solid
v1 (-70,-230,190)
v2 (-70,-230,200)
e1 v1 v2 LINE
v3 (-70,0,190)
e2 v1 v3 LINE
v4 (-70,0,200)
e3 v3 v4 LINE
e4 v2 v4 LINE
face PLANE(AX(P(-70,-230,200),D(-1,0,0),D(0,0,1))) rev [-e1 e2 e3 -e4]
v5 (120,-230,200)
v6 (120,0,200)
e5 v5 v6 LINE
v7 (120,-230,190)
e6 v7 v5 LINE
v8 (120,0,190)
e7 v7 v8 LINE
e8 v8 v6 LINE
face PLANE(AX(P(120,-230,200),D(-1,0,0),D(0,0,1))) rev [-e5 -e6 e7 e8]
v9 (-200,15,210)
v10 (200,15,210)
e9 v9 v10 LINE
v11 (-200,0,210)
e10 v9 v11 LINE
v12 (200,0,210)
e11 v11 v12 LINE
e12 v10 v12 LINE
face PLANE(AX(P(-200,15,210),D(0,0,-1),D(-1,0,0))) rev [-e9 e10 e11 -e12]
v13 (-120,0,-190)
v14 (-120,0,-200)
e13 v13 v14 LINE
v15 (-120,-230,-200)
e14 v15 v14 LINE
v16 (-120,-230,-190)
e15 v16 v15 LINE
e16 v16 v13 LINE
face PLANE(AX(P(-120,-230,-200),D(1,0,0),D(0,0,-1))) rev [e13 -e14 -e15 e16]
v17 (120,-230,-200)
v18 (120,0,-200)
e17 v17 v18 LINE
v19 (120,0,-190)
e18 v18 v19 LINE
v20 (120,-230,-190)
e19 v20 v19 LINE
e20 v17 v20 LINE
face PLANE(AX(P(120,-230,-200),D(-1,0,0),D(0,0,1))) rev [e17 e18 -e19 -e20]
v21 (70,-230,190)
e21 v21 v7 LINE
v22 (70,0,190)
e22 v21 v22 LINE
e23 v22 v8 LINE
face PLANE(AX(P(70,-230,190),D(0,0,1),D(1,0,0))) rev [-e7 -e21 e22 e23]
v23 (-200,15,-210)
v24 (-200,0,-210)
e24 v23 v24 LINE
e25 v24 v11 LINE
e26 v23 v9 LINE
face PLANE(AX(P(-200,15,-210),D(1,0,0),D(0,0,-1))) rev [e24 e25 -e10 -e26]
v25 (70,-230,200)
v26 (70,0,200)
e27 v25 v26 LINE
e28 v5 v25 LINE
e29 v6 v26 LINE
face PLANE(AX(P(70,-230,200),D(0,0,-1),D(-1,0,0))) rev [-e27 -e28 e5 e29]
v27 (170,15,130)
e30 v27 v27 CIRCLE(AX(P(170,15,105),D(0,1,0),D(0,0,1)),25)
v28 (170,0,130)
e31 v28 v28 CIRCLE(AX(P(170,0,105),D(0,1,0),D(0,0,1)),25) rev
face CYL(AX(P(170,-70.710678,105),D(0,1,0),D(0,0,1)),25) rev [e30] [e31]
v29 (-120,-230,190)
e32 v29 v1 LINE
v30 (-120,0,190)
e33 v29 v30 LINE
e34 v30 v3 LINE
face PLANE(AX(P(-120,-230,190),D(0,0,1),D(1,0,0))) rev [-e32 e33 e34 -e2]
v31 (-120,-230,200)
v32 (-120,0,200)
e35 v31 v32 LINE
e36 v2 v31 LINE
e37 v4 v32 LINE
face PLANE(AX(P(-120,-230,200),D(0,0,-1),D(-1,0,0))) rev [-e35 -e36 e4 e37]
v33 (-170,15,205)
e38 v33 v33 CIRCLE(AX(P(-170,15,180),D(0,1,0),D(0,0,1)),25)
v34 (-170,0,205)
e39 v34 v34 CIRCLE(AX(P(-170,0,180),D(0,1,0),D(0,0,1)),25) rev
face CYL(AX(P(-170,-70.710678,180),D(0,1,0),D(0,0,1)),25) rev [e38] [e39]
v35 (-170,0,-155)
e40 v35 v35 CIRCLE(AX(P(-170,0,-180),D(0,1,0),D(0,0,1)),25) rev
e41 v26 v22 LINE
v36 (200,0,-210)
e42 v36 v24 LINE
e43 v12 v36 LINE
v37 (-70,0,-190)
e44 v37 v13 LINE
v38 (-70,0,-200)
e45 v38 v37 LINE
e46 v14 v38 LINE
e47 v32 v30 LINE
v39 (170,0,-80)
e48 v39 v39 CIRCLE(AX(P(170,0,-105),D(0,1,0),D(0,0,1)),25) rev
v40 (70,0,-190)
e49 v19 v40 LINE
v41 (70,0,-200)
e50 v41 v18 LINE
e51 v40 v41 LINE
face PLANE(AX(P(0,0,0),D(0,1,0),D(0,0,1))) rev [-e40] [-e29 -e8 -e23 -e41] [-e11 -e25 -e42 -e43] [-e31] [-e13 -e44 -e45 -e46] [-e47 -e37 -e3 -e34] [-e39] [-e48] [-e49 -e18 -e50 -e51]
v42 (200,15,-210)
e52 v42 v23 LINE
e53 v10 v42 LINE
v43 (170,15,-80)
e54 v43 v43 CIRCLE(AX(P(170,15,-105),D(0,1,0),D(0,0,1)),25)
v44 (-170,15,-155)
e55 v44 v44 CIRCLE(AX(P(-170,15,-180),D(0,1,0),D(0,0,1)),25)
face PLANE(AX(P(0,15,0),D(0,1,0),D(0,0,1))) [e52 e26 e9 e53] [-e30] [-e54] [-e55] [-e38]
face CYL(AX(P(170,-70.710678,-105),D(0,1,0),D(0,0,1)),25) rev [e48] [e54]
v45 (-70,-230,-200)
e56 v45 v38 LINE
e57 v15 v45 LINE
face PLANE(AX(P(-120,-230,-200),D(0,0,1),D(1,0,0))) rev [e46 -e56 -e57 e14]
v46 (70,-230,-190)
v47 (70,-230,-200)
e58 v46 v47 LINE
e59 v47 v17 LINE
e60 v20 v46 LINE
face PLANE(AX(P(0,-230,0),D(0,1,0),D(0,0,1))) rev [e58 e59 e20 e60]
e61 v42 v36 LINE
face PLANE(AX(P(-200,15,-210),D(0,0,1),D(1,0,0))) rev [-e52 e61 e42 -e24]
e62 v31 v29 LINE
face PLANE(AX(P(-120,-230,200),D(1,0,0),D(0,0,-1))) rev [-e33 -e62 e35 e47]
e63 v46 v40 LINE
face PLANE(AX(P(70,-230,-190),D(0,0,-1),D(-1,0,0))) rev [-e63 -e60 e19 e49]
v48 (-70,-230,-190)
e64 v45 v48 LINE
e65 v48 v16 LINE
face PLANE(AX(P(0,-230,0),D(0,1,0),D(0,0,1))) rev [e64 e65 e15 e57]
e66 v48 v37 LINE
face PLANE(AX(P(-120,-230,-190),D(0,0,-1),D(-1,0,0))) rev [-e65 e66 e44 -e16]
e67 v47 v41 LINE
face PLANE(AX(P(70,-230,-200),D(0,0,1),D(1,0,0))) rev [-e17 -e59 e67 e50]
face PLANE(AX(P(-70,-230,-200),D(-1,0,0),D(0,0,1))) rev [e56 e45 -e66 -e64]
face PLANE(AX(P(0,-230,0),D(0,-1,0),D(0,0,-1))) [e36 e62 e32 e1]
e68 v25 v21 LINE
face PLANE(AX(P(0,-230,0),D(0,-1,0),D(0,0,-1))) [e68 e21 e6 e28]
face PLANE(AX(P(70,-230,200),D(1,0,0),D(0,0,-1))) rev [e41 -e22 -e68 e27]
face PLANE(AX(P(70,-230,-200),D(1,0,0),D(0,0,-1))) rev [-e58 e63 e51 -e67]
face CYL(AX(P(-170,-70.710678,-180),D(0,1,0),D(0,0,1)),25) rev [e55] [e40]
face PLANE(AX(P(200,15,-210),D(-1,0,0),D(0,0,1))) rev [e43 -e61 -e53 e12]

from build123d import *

# Parameters (mm, degrees)
SKETCH1_W           = 400
SKETCH1_H           = 420
BOSS_EXTRUDE1_DEPTH = 15
SKETCH2_R           = 25
CUT_EXTRUDE1_DEPTH  = 15
SKETCH3_W           = 50
SKETCH3_H           = 10
BOSS_EXTRUDE2_DEPTH = 230


with BuildPart() as part:
    # Sketch1 → Boss-Extrude1 (new body)
    with BuildSketch(Plane(origin=(0, 0, 0), x_dir=(1, 0, 0), z_dir=(0, 1, 0))):
        Rectangle(SKETCH1_W, SKETCH1_H)
    extrude(amount=BOSS_EXTRUDE1_DEPTH)

    # Sketch2 → Cut-Extrude1 (cut)
    with BuildSketch(Plane(origin=(0, 15, 0), x_dir=(1, 0, 0), z_dir=(0, 1, 0))):
        with Locations((-170, 180)):
            Circle(SKETCH2_R)
        with Locations((-170, -180)):
            Circle(SKETCH2_R)
        with Locations((170, -105)):
            Circle(SKETCH2_R)
        with Locations((170, 105)):
            Circle(SKETCH2_R)
    extrude(amount=-CUT_EXTRUDE1_DEPTH, mode=Mode.SUBTRACT)

    # Sketch3 → Boss-Extrude2 (add)
    with BuildSketch(Plane.XZ):
        with Locations((-95, 195)):
            Rectangle(SKETCH3_W, SKETCH3_H)
        with Locations((95, 195)):
            Rectangle(SKETCH3_W, SKETCH3_H)
        with Locations((-95, -195)):
            Rectangle(SKETCH3_W, SKETCH3_H)
        with Locations((95, -195)):
            Rectangle(SKETCH3_W, SKETCH3_H)
    extrude(amount=BOSS_EXTRUDE2_DEPTH)


solid = part.part
